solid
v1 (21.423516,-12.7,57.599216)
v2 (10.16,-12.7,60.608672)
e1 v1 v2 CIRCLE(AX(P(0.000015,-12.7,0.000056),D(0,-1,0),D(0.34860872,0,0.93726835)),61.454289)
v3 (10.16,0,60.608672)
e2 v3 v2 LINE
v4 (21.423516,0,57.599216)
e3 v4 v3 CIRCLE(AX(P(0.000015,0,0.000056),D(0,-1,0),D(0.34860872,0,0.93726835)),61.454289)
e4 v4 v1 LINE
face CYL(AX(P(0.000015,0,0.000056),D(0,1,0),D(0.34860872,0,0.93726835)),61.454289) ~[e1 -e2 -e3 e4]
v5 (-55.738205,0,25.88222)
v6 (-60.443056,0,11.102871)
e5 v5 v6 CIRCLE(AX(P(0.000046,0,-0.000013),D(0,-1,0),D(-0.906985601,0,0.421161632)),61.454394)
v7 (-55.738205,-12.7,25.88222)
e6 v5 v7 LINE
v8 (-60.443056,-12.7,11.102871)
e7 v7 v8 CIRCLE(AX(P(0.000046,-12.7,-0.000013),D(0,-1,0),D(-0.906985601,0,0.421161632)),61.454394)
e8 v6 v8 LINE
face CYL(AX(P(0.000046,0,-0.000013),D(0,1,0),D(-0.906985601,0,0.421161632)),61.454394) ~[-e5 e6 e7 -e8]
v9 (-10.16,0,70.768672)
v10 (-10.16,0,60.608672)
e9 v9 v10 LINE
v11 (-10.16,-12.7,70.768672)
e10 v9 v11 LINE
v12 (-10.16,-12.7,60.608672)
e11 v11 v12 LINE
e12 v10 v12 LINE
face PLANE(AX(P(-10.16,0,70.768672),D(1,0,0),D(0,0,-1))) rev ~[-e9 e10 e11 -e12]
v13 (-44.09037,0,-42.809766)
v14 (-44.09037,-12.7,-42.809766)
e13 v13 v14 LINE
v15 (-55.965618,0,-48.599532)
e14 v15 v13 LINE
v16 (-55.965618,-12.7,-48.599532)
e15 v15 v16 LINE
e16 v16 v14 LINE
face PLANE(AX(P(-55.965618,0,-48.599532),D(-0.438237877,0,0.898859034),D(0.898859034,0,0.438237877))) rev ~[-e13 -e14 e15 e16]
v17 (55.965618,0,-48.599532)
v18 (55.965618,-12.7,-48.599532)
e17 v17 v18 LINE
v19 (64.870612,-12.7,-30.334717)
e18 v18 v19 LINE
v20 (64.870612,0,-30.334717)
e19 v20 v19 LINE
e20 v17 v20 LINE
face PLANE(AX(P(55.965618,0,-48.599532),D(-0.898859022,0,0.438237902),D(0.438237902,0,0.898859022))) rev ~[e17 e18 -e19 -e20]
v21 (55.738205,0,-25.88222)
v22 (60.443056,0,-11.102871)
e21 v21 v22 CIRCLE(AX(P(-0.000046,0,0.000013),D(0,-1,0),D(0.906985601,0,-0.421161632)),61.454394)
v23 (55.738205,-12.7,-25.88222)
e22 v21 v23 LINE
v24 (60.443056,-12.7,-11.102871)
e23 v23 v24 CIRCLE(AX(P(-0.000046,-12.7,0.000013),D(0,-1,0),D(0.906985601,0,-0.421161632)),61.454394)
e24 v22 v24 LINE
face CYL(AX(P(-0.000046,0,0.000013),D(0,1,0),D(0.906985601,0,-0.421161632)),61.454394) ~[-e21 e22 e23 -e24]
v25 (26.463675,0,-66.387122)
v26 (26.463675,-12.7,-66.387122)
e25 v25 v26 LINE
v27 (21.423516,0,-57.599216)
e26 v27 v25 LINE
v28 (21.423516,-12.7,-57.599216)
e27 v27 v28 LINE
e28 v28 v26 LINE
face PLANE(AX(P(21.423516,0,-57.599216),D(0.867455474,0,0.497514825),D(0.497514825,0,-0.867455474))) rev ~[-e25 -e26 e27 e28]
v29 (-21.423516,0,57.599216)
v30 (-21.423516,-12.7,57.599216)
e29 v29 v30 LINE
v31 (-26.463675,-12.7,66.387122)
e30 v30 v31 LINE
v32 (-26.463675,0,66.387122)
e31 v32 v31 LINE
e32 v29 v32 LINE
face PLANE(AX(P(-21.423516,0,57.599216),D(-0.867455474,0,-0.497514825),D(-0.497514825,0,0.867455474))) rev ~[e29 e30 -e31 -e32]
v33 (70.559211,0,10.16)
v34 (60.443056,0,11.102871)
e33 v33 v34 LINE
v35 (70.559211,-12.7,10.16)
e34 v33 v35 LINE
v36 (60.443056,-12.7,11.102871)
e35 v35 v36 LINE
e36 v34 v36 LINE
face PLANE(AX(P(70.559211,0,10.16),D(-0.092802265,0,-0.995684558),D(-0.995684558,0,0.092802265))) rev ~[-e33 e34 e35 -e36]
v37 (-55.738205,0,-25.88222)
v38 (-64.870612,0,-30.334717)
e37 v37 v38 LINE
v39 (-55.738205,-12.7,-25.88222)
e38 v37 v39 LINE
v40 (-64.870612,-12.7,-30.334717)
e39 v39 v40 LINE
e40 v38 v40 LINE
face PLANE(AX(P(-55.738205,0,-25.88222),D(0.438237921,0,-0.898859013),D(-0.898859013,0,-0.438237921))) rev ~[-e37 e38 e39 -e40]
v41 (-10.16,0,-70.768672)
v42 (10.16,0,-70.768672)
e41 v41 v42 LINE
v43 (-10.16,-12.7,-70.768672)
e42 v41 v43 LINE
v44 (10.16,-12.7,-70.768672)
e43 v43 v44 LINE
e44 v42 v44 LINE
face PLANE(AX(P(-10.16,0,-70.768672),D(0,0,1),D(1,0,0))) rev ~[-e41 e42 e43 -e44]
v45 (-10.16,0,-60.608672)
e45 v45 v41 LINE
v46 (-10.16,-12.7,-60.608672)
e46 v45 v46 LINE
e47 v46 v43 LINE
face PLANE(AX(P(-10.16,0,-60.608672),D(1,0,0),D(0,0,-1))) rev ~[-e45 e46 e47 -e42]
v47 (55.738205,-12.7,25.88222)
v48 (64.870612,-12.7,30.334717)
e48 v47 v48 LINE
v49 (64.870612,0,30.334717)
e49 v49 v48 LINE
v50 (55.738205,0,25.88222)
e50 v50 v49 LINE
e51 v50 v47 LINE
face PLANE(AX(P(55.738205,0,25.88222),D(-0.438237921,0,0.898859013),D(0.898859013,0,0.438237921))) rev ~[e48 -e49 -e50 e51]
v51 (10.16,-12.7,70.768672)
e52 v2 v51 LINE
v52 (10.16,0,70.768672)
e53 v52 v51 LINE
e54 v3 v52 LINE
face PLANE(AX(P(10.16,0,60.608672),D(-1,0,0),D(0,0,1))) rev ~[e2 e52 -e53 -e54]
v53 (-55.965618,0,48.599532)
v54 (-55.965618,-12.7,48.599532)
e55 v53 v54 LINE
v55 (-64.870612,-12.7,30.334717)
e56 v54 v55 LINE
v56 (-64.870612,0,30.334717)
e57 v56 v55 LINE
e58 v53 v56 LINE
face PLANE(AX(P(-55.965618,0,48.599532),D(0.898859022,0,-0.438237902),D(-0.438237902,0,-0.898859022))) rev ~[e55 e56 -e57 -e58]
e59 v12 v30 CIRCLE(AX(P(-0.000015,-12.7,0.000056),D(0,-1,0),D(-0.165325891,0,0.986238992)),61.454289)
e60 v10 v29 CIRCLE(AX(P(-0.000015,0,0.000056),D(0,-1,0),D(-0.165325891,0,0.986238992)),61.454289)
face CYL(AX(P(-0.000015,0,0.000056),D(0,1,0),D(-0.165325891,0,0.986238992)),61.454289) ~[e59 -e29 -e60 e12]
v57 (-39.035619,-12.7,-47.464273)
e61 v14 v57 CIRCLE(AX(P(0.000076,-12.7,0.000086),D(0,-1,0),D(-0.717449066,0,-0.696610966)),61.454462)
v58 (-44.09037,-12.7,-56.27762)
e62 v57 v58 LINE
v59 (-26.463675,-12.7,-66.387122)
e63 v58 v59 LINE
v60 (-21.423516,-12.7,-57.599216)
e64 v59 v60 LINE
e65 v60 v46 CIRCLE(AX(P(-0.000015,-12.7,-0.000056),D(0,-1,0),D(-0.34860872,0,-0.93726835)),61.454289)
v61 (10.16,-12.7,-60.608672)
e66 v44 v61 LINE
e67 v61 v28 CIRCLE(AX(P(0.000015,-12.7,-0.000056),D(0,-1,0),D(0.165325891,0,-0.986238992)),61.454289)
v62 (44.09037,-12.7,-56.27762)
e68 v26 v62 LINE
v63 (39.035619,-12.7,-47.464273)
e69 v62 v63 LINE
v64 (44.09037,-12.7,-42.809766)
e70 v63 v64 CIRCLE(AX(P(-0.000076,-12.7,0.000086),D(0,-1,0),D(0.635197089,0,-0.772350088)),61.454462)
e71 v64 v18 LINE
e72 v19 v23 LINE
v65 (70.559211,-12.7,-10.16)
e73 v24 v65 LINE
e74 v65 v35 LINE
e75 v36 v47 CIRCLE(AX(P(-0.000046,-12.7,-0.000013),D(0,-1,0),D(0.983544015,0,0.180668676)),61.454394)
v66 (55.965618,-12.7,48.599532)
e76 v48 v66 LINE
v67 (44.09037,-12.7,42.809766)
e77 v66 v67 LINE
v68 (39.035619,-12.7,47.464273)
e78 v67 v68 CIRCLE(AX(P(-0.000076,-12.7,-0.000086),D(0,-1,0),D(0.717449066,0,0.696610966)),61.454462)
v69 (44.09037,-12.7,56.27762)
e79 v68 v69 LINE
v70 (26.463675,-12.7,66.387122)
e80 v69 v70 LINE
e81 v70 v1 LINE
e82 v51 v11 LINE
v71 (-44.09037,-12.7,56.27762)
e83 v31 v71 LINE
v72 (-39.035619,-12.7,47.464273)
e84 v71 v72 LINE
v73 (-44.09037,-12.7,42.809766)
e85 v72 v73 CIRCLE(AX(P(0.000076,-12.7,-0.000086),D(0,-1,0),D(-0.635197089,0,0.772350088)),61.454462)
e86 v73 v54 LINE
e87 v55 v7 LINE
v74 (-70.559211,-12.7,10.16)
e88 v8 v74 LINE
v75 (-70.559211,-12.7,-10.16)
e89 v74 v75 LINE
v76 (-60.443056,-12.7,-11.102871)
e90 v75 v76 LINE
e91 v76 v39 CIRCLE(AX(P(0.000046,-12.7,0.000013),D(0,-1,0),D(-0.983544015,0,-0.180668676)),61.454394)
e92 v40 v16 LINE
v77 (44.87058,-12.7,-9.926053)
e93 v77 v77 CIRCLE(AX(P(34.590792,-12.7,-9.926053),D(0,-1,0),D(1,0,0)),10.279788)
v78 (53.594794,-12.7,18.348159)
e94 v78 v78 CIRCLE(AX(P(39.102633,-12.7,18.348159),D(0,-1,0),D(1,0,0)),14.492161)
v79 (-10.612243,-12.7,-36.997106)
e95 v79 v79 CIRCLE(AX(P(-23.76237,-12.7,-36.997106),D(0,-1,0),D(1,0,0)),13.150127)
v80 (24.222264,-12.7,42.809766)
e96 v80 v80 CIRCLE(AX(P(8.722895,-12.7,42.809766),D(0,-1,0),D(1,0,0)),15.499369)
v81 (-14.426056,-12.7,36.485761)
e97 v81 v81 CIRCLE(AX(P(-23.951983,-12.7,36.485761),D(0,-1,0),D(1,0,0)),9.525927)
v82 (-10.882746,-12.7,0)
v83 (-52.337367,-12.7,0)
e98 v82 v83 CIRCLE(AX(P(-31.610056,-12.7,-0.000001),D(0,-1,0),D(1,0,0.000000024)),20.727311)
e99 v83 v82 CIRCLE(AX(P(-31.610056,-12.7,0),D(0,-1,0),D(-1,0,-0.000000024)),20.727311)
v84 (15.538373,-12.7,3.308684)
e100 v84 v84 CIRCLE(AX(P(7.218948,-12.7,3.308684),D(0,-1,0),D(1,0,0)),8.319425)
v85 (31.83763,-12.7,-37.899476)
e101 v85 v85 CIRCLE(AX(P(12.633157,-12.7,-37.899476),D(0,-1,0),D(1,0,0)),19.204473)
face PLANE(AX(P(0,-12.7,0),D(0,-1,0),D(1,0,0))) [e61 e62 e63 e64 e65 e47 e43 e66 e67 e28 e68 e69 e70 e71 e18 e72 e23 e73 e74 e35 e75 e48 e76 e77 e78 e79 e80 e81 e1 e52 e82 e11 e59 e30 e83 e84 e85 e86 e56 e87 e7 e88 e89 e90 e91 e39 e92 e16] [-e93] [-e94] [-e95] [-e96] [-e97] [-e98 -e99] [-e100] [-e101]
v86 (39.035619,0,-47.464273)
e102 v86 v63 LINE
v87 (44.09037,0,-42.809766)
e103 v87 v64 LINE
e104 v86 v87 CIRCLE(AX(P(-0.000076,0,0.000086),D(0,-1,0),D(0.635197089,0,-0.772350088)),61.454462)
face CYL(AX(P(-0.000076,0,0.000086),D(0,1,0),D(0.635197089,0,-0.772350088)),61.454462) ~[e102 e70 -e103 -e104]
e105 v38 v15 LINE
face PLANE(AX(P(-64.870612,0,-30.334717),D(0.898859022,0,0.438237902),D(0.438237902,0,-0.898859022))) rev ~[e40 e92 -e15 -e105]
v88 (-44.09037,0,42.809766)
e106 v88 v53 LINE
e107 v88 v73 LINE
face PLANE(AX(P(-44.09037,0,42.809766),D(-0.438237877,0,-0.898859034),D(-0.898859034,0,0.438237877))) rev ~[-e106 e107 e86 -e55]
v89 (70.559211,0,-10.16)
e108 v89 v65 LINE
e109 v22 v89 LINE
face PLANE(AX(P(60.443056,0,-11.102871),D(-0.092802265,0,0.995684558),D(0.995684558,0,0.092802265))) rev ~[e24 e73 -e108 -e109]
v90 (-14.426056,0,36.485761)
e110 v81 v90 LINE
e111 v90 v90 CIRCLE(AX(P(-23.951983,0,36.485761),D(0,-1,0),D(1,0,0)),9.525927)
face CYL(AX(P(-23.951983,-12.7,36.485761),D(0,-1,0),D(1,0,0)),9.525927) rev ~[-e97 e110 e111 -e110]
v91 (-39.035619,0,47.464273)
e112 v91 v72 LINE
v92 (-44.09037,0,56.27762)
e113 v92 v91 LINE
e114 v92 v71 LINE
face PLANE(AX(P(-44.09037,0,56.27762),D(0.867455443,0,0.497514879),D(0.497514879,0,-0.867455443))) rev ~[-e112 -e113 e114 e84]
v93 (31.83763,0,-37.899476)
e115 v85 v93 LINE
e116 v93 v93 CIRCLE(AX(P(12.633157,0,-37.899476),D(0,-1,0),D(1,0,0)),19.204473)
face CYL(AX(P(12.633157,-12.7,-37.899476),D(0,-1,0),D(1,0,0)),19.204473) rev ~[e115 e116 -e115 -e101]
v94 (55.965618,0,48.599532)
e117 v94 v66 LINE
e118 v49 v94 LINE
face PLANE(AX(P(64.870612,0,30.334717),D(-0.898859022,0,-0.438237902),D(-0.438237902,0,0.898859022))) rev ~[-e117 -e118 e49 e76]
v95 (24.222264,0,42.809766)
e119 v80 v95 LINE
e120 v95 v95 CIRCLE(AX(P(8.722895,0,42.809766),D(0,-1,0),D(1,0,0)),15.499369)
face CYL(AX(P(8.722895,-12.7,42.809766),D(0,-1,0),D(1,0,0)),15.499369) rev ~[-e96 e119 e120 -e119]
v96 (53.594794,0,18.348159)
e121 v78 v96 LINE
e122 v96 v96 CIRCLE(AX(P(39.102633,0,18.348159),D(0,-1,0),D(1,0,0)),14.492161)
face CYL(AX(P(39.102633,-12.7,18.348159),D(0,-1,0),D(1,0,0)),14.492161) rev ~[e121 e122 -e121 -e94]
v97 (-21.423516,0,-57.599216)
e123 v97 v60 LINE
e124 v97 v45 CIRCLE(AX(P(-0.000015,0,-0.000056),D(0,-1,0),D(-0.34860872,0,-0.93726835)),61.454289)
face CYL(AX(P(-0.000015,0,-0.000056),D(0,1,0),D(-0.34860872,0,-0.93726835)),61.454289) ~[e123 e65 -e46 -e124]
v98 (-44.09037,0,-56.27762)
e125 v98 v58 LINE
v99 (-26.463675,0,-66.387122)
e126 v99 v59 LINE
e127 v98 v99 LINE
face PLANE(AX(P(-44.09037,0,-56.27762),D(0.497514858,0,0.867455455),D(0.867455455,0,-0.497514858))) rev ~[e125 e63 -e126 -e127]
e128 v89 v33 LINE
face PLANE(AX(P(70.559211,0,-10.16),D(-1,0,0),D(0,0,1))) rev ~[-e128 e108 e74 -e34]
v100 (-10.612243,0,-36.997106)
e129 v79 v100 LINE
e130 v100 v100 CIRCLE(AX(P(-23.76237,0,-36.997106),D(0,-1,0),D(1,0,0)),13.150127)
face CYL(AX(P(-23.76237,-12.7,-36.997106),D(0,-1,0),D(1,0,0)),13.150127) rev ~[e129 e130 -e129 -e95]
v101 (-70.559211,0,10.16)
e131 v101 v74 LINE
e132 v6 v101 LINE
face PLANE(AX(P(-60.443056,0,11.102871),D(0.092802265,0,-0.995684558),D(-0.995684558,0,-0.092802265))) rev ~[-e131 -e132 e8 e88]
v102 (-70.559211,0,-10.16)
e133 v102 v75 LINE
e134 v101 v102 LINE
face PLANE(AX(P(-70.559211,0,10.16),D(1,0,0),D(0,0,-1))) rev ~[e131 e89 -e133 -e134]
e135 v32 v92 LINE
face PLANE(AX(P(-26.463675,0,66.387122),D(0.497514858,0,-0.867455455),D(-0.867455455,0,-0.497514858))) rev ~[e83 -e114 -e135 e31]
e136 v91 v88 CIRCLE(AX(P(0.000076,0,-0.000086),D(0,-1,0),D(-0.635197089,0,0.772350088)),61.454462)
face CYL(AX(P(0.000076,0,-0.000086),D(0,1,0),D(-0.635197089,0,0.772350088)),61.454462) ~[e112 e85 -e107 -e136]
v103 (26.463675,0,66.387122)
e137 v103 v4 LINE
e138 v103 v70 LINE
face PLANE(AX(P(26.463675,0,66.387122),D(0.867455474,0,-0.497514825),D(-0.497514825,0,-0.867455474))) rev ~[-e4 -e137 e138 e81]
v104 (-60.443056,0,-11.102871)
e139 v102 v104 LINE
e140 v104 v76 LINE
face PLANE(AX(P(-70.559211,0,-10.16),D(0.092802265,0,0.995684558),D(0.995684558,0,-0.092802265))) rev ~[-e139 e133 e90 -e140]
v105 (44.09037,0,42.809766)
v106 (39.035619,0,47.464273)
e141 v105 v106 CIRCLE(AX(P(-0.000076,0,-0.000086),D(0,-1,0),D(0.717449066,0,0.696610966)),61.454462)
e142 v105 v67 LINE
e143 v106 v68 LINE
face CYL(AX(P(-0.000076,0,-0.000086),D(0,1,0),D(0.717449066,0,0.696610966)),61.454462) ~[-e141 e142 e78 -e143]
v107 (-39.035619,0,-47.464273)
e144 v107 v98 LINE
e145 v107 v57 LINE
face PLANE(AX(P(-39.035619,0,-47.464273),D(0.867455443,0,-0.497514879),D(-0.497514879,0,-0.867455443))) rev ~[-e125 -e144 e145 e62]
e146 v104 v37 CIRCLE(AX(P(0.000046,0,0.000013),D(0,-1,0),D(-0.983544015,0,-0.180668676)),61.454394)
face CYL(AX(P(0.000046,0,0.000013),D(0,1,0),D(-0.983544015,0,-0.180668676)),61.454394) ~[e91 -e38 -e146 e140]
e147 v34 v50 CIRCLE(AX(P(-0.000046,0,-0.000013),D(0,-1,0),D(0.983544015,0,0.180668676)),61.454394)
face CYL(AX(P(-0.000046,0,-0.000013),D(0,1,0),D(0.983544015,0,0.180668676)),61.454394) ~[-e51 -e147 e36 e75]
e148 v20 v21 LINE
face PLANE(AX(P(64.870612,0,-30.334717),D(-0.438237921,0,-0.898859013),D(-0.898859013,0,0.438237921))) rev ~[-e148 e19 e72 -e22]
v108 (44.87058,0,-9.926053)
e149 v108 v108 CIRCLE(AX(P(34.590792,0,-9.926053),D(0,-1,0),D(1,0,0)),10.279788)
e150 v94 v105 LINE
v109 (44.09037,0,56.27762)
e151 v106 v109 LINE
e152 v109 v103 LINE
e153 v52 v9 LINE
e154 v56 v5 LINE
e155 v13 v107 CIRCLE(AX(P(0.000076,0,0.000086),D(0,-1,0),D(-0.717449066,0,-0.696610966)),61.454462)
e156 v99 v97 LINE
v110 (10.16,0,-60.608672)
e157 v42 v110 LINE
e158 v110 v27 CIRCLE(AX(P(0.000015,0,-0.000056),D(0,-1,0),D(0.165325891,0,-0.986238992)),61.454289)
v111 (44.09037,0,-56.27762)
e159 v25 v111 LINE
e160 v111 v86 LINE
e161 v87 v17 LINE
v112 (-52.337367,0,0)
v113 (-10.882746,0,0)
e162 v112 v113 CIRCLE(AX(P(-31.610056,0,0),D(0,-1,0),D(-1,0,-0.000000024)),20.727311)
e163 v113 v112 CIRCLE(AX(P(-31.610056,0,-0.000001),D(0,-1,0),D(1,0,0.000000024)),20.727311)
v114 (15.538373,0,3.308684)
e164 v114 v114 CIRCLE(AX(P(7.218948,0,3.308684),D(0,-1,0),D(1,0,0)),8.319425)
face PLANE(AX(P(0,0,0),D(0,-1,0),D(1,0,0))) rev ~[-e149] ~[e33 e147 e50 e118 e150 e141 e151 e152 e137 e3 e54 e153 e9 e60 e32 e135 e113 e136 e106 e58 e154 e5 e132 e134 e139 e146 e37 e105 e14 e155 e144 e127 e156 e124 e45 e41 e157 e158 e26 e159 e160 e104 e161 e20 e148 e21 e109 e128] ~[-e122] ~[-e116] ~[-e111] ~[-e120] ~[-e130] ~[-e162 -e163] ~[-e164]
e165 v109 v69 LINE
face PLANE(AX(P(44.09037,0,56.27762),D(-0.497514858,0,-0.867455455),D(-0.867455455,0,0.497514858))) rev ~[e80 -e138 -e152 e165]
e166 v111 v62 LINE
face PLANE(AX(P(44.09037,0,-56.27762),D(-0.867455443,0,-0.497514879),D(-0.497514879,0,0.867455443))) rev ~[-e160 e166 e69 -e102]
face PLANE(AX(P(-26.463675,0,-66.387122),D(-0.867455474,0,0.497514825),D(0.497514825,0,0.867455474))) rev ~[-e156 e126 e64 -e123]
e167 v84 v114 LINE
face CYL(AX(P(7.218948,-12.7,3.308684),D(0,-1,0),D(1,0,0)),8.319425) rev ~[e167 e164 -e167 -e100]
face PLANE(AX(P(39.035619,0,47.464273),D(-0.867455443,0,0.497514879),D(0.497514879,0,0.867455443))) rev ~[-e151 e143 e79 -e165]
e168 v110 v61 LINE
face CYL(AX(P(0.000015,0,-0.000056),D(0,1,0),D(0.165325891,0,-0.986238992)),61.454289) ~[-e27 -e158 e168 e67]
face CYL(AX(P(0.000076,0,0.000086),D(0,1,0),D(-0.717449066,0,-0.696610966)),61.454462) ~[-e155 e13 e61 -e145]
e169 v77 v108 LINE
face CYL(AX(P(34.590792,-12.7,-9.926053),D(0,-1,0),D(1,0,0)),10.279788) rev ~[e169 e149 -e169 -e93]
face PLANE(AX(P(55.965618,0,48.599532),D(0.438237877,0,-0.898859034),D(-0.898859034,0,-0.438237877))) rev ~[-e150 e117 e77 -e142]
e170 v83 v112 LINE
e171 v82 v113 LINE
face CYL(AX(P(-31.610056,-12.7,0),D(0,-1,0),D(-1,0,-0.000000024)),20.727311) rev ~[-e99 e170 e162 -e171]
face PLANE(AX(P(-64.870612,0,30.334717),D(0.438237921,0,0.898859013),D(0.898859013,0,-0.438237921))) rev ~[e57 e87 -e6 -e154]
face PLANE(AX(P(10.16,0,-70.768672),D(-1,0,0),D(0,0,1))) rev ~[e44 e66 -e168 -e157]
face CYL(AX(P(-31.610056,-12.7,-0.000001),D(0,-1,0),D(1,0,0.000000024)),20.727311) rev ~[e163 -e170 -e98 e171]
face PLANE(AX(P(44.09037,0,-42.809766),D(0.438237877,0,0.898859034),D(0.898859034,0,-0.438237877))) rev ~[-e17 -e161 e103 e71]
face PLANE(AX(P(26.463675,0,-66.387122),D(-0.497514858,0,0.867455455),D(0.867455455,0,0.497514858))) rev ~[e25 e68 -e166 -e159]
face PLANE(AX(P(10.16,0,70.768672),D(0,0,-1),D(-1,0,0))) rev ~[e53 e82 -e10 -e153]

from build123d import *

# Parameters (mm, degrees)
F1_DEPTH = 12.7
F3_DEPTH = 25.4
F4_DEPTH = 25.4
F5_R     = 9.525927
F5_R_2   = 15.499369
F5_R_3   = 13.150127
F5_R_4   = 19.204473
F5_R_5   = 8.319425
F6_DEPTH = 25.4
F7_R     = 14.492161
F7_R_2   = 10.279788
F8_DEPTH = 25.4


with BuildPart() as f1:
    # F0 (on Front) → F1 (new body)
    with BuildSketch(Plane.XZ):
        with BuildLine():
            Line((-64.870612, 30.334717), (-55.738205, 25.88222))
            ThreePointArc((-55.738205, 25.88222), (-58.558762, 18.64157), (-60.443056, 11.102871))
            Line((-60.443056, 11.102871), (-70.559211, 10.16))
            Line((-70.559211, 10.16), (-70.559211, 0))
            Line((-70.559211, 0), (-70.559211, -10.16))
            Line((-70.559211, -10.16), (-60.443056, -11.102871))
            ThreePointArc((-60.443056, -11.102871), (-58.558762, -18.64157), (-55.738205, -25.88222))
            Line((-55.738205, -25.88222), (-64.870612, -30.334717))
            Line((-64.870612, -30.334717), (-55.965618, -48.599532))
            Line((-55.965618, -48.599532), (-44.09037, -42.809766))
            ThreePointArc((-44.09037, -42.809766), (-41.628099, -45.207722), (-39.035619, -47.464273))
            Line((-39.035619, -47.464273), (-44.09037, -56.27762))
            Line((-44.09037, -56.27762), (-26.463675, -66.387122))
            Line((-26.463675, -66.387122), (-21.423516, -57.599216))
            ThreePointArc((-21.423516, -57.599216), (-15.863285, -59.371651), (-10.16, -60.608672))
            Line((-10.16, -60.608672), (-10.16, -70.768672))
            Line((-10.16, -70.768672), (0, -70.768672))
            Line((0, -70.768672), (10.16, -70.768672))
            Line((10.16, -70.768672), (10.16, -60.608672))
            ThreePointArc((10.16, -60.608672), (15.863285, -59.371651), (21.423516, -57.599216))
            Line((21.423516, -57.599216), (26.463675, -66.387122))
            Line((26.463675, -66.387122), (44.09037, -56.27762))
            Line((44.09037, -56.27762), (39.035619, -47.464273))
            ThreePointArc((39.035619, -47.464273), (41.628099, -45.207722), (44.09037, -42.809766))
            Line((44.09037, -42.809766), (55.965618, -48.599532))
            Line((55.965618, -48.599532), (64.870612, -30.334717))
            Line((64.870612, -30.334717), (55.738205, -25.88222))
            ThreePointArc((55.738205, -25.88222), (58.558762, -18.64157), (60.443056, -11.102871))
            Line((60.443056, -11.102871), (70.559211, -10.16))
            Line((70.559211, -10.16), (70.559211, 0))
            Line((70.559211, 0), (70.559211, 10.16))
            Line((70.559211, 10.16), (60.443056, 11.102871))
            ThreePointArc((60.443056, 11.102871), (58.558762, 18.64157), (55.738205, 25.88222))
            Line((55.738205, 25.88222), (64.870612, 30.334717))
            Line((64.870612, 30.334717), (55.965618, 48.599532))
            Line((55.965618, 48.599532), (44.09037, 42.809766))
            ThreePointArc((44.09037, 42.809766), (41.628099, 45.207722), (39.035619, 47.464273))
            Line((39.035619, 47.464273), (44.09037, 56.27762))
            Line((44.09037, 56.27762), (26.463675, 66.387122))
            Line((26.463675, 66.387122), (21.423516, 57.599216))
            ThreePointArc((21.423516, 57.599216), (15.863285, 59.371651), (10.16, 60.608672))
            Line((10.16, 60.608672), (10.16, 70.768672))
            Line((10.16, 70.768672), (0, 70.768672))
            Line((0, 70.768672), (-10.16, 70.768672))
            Line((-10.16, 70.768672), (-10.16, 60.608672))
            ThreePointArc((-10.16, 60.608672), (-15.863285, 59.371651), (-21.423516, 57.599216))
            Line((-21.423516, 57.599216), (-26.463675, 66.387122))
            Line((-26.463675, 66.387122), (-44.09037, 56.27762))
            Line((-44.09037, 56.27762), (-39.035619, 47.464273))
            ThreePointArc((-39.035619, 47.464273), (-41.628099, 45.207722), (-44.09037, 42.809766))
            Line((-44.09037, 42.809766), (-55.965618, 48.599532))
            Line((-55.965618, 48.599532), (-64.870612, 30.334717))
        make_face()
    extrude(amount=F1_DEPTH)

    # F2 (on face) → F3 (cut)
    with BuildSketch(Plane.XZ.offset(12.7)):
        with BuildLine():
            ThreePointArc((-52.337367, 0), (-31.610057, -20.72731), (-10.882746, 0))
            ThreePointArc((-10.882746, 0), (-31.610057, 20.72731), (-52.337367, 0))
        make_face()
    extrude(amount=-F3_DEPTH, mode=Mode.SUBTRACT)

    # F2 (on face) → F4 (cut)
    with BuildSketch(Plane.XZ.offset(12.7)):
        with BuildLine():
            ThreePointArc((-52.337367, 0), (-31.610057, -20.72731), (-10.882746, 0))
            ThreePointArc((-10.882746, 0), (-31.610057, 20.72731), (-52.337367, 0))
        make_face()
    extrude(amount=-F4_DEPTH, mode=Mode.SUBTRACT)

    # F5 (on face) → F6 (cut)
    with BuildSketch(Plane.XZ.offset(12.7)):
        with Locations((-23.951983, 36.485761)):
            Circle(F5_R)
        with Locations((8.722895, 42.809766)):
            Circle(F5_R_2)
        with Locations((-23.76237, -36.997106)):
            Circle(F5_R_3)
        with Locations((12.633157, -37.899476)):
            Circle(F5_R_4)
        with Locations((7.218948, 3.308684)):
            Circle(F5_R_5)
    extrude(amount=-F6_DEPTH, mode=Mode.SUBTRACT)

    # F7 (on face) → F8 (cut)
    with BuildSketch(Plane.XZ.offset(12.7)):
        with Locations((39.102633, 18.348159)):
            Circle(F7_R)
        with Locations((34.590792, -9.926053)):
            Circle(F7_R_2)
    extrude(amount=-F8_DEPTH, mode=Mode.SUBTRACT)


solid = f1.part
